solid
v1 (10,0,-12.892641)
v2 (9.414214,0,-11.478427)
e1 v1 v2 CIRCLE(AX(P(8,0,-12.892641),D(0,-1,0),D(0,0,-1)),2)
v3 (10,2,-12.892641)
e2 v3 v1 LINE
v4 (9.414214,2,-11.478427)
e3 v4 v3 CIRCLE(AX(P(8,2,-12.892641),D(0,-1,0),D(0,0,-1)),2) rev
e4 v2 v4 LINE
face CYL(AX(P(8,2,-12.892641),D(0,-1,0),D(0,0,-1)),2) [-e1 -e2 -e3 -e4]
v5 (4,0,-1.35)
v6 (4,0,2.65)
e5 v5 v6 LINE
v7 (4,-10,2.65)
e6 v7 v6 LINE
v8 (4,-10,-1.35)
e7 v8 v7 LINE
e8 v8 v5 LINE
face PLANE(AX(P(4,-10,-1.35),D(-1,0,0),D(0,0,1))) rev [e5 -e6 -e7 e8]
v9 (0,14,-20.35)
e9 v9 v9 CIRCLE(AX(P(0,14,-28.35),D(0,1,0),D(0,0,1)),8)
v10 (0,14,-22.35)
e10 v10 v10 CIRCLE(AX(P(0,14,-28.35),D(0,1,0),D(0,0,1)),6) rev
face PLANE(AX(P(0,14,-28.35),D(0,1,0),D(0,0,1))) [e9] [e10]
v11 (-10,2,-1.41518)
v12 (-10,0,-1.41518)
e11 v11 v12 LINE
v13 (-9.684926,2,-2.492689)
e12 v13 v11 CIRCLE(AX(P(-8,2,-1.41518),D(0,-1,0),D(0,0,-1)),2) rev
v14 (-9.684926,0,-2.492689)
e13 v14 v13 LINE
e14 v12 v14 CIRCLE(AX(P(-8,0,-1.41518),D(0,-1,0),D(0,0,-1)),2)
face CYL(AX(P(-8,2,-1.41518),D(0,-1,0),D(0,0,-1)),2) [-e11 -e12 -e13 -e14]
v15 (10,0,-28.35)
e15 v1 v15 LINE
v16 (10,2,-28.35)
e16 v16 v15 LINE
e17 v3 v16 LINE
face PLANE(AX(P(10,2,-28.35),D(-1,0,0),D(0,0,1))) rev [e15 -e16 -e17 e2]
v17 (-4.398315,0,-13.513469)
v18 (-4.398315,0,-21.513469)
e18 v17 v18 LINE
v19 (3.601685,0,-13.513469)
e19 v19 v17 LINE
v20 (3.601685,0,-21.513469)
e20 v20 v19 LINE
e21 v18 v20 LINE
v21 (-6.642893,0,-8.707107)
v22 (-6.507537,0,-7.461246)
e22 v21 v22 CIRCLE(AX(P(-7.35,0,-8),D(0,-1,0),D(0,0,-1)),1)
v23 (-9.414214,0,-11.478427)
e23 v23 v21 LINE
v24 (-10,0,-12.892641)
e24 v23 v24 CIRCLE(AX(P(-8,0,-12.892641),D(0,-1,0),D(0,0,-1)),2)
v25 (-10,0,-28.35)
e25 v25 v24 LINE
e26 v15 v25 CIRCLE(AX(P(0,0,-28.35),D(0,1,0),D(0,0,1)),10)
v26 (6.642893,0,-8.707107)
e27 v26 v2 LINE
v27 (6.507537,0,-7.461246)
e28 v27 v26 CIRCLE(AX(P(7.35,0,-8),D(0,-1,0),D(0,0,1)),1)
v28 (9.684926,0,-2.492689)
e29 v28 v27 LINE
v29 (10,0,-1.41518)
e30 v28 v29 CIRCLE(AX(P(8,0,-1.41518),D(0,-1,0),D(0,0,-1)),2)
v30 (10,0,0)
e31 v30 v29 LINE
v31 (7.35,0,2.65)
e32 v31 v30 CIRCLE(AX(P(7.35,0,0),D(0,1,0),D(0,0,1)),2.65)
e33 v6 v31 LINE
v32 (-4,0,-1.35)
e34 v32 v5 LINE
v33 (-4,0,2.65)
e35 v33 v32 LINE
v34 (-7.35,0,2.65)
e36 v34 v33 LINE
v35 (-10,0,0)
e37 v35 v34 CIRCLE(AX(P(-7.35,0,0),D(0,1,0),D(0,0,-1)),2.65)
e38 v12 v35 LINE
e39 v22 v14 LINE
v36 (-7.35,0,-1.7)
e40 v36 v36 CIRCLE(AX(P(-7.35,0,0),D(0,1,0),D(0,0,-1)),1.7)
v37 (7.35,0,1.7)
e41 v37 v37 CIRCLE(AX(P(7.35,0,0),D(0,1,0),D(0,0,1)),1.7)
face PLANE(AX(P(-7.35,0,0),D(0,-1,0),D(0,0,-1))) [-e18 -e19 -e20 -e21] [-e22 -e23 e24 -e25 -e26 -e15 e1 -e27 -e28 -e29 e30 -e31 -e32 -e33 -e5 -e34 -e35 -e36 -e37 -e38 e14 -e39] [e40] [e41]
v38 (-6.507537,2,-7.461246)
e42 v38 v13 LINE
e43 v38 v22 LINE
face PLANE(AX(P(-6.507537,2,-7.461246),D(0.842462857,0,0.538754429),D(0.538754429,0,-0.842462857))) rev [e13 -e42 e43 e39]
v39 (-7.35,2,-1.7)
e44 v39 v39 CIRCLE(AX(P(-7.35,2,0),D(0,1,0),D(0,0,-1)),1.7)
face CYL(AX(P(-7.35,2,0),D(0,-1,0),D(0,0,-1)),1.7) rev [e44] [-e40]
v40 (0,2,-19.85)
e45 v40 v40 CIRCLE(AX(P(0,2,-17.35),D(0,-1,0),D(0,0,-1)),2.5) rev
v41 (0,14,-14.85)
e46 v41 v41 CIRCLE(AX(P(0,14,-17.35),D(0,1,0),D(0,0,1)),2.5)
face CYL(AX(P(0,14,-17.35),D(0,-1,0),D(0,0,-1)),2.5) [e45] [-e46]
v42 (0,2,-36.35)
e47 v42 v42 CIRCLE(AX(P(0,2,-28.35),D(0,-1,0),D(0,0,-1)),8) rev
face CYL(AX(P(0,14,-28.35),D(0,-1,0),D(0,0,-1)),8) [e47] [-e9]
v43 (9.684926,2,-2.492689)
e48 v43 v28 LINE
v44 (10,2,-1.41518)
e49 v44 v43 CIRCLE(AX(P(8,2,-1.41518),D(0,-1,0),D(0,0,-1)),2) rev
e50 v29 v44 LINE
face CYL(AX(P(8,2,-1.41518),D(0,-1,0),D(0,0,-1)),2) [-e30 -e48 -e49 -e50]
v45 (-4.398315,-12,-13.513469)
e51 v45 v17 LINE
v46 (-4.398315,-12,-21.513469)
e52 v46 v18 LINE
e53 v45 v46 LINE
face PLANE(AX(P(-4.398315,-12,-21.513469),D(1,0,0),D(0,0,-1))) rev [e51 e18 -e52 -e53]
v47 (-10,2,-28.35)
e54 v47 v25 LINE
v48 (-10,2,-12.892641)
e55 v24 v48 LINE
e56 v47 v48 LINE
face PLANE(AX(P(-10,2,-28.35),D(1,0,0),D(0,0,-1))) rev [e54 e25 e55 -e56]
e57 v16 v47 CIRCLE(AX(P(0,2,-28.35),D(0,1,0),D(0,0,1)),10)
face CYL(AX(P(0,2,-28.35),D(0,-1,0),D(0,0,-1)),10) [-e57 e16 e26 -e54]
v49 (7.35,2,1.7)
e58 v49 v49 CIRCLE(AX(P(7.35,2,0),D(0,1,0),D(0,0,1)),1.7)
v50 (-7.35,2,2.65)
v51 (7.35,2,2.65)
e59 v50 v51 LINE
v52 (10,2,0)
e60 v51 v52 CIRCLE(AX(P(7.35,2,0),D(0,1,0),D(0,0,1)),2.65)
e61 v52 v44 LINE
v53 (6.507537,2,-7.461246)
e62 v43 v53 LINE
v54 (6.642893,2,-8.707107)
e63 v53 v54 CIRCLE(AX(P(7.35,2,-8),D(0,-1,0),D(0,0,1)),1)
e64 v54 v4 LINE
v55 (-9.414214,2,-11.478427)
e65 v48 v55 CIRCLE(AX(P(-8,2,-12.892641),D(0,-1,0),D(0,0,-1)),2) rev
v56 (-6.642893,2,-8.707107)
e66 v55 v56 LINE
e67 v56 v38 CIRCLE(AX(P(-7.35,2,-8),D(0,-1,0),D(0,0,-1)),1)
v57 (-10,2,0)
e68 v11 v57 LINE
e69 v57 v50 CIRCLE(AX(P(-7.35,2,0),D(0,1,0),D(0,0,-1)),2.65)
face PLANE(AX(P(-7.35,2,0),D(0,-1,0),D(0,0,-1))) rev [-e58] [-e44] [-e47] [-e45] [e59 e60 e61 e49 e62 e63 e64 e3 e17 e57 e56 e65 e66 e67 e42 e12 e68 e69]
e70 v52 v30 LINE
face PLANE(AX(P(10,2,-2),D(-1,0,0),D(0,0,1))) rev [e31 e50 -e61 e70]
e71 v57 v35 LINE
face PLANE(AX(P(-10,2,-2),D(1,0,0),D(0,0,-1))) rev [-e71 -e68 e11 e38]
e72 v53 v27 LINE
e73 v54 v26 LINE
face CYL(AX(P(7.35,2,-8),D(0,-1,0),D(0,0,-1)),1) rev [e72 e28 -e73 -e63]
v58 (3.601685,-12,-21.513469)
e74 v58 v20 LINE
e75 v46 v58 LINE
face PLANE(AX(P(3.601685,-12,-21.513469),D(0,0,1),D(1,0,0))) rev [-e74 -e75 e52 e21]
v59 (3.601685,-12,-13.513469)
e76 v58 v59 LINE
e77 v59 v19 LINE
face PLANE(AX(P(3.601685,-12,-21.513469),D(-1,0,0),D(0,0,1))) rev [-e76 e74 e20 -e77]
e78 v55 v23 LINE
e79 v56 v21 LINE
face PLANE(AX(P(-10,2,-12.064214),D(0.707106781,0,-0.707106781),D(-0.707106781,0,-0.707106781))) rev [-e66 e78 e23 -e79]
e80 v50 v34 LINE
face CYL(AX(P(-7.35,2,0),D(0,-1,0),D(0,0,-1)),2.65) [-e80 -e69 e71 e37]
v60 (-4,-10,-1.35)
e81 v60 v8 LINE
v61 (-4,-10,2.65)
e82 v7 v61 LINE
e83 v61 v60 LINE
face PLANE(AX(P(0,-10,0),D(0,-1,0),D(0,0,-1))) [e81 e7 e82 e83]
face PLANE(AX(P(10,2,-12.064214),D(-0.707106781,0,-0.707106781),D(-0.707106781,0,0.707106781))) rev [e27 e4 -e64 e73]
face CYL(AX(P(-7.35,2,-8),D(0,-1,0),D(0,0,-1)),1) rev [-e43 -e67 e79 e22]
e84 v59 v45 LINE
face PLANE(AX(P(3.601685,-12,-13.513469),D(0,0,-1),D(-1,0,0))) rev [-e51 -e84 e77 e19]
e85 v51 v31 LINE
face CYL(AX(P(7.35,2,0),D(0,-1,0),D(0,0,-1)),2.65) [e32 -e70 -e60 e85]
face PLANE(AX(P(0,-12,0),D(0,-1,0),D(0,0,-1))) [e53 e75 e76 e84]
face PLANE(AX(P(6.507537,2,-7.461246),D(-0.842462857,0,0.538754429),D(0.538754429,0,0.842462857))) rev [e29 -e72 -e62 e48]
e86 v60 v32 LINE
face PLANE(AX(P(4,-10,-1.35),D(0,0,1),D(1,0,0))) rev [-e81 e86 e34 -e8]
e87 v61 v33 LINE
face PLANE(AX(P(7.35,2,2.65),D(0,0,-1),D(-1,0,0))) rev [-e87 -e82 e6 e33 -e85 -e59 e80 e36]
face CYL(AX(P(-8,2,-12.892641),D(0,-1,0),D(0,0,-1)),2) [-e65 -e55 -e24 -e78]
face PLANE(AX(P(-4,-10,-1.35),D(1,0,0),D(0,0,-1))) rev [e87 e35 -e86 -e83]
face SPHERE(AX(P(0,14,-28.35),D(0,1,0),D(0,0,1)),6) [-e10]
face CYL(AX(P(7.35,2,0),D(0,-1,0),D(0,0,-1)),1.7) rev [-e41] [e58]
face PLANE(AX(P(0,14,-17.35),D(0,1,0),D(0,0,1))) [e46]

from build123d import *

# Parameters (mm, degrees)
SKETCH_1_R      = 1.7
EXTRUDE_1_DEPTH = 2
FILLET_1_R      = 2
SKETCH_3_R      = 8
SKETCH_3_R_2    = 2.5
EXTRUDE_2_DEPTH = 12
SKETCH_5_W      = 8
SKETCH_5_H      = 8
EXTRUDE_3_DEPTH = 12
SKETCH_6_W      = 8
SKETCH_6_H      = 4
EXTRUDE_4_DEPTH = 10


with BuildPart() as part:
    # 草图1 → 凸台-拉伸1 (new body)
    with BuildSketch(Plane(origin=(0, 0, 0), x_dir=(1, 0, 0), z_dir=(0, 1, 0))):
        with BuildLine():
            Line((10, 28.35), (10, 12.064213562))
            Line((10, 12.064213562), (6.642893219, 8.707106781))
            ThreePointArc((6.642893219, 8.707106781), (6.355850084, 8.108009006), (6.507537143, 7.461245571))
            Line((6.507537143, 7.461245571), (10, 2))
            Line((10, 2), (10, 0))
            ThreePointArc((10, 0), (9.22383297, -1.87383297), (7.35, -2.65))
            Line((7.35, -2.65), (-7.35, -2.65))
            ThreePointArc((-7.35, -2.65), (-9.22383297, -1.87383297), (-10, 0))
            Line((-10, 0), (-10, 2))
            Line((-10, 2), (-6.507537143, 7.461245571))
            ThreePointArc((-6.507537143, 7.461245571), (-6.355850084, 8.108009006), (-6.642893219, 8.707106781))
            Line((-6.642893219, 8.707106781), (-10, 12.064213562))
            Line((-10, 12.064213562), (-10, 28.35))
            ThreePointArc((-10, 28.35), (0, 38.35), (10, 28.35))
        make_face()
        with Locations(Location((7.35, 0, 0), (0, 0, 270))):
            Circle(SKETCH_1_R, mode=Mode.SUBTRACT)
        with Locations(Location((-7.35, 0, 0), (0, 0, 90))):
            Circle(SKETCH_1_R, mode=Mode.SUBTRACT)
    extrude(amount=EXTRUDE_1_DEPTH)

    # 圆角1
    fillet_1_edges = [part.edges().sort_by_distance(p)[0] for p in [
        (-10, 1, -2),
        (-10, 1, -12.064213562),
        (10, 1, -12.064213562),
        (10, 1, -2),
    ]]
    fillet(fillet_1_edges, radius=FILLET_1_R)

    # 草图3 → 凸台-拉伸2 (add)
    with BuildSketch(Plane(origin=(0, 2, 0), x_dir=(1, 0, 0), z_dir=(0, 1, 0))):
        with Locations(Location((0, 28.35, 0), (0, 0, 90))):
            Circle(SKETCH_3_R)
        with Locations(Location((0, 17.35, 0), (0, 0, 90))):
            Circle(SKETCH_3_R_2)
    extrude(amount=EXTRUDE_2_DEPTH)

    # 草图4 → 旋转1 (revolve)
    with BuildSketch(Plane(origin=(0, 14, 0), x_dir=(1, 0, 0), z_dir=(0, 1, 0))):
        with BuildLine():
            Line((0, 34.35), (0, 22.35))
            ThreePointArc((0, 22.35), (6, 28.35), (0, 34.35))
        make_face()
    revolve(axis=Axis((0, 14, -36.05355047), (0, 0, 1)))

    # 草图5 → 凸台-拉伸3 (add)
    with BuildSketch(Plane.XZ):
        with Locations((-0.398314742, -17.513469077)):
            Rectangle(SKETCH_5_W, SKETCH_5_H)
    extrude(amount=EXTRUDE_3_DEPTH)

    # 草图6 → 凸台-拉伸4 (add)
    with BuildSketch(Plane.XZ):
        with Locations((0, 0.65)):
            Rectangle(SKETCH_6_W, SKETCH_6_H)
    extrude(amount=EXTRUDE_4_DEPTH)


solid = part.part
